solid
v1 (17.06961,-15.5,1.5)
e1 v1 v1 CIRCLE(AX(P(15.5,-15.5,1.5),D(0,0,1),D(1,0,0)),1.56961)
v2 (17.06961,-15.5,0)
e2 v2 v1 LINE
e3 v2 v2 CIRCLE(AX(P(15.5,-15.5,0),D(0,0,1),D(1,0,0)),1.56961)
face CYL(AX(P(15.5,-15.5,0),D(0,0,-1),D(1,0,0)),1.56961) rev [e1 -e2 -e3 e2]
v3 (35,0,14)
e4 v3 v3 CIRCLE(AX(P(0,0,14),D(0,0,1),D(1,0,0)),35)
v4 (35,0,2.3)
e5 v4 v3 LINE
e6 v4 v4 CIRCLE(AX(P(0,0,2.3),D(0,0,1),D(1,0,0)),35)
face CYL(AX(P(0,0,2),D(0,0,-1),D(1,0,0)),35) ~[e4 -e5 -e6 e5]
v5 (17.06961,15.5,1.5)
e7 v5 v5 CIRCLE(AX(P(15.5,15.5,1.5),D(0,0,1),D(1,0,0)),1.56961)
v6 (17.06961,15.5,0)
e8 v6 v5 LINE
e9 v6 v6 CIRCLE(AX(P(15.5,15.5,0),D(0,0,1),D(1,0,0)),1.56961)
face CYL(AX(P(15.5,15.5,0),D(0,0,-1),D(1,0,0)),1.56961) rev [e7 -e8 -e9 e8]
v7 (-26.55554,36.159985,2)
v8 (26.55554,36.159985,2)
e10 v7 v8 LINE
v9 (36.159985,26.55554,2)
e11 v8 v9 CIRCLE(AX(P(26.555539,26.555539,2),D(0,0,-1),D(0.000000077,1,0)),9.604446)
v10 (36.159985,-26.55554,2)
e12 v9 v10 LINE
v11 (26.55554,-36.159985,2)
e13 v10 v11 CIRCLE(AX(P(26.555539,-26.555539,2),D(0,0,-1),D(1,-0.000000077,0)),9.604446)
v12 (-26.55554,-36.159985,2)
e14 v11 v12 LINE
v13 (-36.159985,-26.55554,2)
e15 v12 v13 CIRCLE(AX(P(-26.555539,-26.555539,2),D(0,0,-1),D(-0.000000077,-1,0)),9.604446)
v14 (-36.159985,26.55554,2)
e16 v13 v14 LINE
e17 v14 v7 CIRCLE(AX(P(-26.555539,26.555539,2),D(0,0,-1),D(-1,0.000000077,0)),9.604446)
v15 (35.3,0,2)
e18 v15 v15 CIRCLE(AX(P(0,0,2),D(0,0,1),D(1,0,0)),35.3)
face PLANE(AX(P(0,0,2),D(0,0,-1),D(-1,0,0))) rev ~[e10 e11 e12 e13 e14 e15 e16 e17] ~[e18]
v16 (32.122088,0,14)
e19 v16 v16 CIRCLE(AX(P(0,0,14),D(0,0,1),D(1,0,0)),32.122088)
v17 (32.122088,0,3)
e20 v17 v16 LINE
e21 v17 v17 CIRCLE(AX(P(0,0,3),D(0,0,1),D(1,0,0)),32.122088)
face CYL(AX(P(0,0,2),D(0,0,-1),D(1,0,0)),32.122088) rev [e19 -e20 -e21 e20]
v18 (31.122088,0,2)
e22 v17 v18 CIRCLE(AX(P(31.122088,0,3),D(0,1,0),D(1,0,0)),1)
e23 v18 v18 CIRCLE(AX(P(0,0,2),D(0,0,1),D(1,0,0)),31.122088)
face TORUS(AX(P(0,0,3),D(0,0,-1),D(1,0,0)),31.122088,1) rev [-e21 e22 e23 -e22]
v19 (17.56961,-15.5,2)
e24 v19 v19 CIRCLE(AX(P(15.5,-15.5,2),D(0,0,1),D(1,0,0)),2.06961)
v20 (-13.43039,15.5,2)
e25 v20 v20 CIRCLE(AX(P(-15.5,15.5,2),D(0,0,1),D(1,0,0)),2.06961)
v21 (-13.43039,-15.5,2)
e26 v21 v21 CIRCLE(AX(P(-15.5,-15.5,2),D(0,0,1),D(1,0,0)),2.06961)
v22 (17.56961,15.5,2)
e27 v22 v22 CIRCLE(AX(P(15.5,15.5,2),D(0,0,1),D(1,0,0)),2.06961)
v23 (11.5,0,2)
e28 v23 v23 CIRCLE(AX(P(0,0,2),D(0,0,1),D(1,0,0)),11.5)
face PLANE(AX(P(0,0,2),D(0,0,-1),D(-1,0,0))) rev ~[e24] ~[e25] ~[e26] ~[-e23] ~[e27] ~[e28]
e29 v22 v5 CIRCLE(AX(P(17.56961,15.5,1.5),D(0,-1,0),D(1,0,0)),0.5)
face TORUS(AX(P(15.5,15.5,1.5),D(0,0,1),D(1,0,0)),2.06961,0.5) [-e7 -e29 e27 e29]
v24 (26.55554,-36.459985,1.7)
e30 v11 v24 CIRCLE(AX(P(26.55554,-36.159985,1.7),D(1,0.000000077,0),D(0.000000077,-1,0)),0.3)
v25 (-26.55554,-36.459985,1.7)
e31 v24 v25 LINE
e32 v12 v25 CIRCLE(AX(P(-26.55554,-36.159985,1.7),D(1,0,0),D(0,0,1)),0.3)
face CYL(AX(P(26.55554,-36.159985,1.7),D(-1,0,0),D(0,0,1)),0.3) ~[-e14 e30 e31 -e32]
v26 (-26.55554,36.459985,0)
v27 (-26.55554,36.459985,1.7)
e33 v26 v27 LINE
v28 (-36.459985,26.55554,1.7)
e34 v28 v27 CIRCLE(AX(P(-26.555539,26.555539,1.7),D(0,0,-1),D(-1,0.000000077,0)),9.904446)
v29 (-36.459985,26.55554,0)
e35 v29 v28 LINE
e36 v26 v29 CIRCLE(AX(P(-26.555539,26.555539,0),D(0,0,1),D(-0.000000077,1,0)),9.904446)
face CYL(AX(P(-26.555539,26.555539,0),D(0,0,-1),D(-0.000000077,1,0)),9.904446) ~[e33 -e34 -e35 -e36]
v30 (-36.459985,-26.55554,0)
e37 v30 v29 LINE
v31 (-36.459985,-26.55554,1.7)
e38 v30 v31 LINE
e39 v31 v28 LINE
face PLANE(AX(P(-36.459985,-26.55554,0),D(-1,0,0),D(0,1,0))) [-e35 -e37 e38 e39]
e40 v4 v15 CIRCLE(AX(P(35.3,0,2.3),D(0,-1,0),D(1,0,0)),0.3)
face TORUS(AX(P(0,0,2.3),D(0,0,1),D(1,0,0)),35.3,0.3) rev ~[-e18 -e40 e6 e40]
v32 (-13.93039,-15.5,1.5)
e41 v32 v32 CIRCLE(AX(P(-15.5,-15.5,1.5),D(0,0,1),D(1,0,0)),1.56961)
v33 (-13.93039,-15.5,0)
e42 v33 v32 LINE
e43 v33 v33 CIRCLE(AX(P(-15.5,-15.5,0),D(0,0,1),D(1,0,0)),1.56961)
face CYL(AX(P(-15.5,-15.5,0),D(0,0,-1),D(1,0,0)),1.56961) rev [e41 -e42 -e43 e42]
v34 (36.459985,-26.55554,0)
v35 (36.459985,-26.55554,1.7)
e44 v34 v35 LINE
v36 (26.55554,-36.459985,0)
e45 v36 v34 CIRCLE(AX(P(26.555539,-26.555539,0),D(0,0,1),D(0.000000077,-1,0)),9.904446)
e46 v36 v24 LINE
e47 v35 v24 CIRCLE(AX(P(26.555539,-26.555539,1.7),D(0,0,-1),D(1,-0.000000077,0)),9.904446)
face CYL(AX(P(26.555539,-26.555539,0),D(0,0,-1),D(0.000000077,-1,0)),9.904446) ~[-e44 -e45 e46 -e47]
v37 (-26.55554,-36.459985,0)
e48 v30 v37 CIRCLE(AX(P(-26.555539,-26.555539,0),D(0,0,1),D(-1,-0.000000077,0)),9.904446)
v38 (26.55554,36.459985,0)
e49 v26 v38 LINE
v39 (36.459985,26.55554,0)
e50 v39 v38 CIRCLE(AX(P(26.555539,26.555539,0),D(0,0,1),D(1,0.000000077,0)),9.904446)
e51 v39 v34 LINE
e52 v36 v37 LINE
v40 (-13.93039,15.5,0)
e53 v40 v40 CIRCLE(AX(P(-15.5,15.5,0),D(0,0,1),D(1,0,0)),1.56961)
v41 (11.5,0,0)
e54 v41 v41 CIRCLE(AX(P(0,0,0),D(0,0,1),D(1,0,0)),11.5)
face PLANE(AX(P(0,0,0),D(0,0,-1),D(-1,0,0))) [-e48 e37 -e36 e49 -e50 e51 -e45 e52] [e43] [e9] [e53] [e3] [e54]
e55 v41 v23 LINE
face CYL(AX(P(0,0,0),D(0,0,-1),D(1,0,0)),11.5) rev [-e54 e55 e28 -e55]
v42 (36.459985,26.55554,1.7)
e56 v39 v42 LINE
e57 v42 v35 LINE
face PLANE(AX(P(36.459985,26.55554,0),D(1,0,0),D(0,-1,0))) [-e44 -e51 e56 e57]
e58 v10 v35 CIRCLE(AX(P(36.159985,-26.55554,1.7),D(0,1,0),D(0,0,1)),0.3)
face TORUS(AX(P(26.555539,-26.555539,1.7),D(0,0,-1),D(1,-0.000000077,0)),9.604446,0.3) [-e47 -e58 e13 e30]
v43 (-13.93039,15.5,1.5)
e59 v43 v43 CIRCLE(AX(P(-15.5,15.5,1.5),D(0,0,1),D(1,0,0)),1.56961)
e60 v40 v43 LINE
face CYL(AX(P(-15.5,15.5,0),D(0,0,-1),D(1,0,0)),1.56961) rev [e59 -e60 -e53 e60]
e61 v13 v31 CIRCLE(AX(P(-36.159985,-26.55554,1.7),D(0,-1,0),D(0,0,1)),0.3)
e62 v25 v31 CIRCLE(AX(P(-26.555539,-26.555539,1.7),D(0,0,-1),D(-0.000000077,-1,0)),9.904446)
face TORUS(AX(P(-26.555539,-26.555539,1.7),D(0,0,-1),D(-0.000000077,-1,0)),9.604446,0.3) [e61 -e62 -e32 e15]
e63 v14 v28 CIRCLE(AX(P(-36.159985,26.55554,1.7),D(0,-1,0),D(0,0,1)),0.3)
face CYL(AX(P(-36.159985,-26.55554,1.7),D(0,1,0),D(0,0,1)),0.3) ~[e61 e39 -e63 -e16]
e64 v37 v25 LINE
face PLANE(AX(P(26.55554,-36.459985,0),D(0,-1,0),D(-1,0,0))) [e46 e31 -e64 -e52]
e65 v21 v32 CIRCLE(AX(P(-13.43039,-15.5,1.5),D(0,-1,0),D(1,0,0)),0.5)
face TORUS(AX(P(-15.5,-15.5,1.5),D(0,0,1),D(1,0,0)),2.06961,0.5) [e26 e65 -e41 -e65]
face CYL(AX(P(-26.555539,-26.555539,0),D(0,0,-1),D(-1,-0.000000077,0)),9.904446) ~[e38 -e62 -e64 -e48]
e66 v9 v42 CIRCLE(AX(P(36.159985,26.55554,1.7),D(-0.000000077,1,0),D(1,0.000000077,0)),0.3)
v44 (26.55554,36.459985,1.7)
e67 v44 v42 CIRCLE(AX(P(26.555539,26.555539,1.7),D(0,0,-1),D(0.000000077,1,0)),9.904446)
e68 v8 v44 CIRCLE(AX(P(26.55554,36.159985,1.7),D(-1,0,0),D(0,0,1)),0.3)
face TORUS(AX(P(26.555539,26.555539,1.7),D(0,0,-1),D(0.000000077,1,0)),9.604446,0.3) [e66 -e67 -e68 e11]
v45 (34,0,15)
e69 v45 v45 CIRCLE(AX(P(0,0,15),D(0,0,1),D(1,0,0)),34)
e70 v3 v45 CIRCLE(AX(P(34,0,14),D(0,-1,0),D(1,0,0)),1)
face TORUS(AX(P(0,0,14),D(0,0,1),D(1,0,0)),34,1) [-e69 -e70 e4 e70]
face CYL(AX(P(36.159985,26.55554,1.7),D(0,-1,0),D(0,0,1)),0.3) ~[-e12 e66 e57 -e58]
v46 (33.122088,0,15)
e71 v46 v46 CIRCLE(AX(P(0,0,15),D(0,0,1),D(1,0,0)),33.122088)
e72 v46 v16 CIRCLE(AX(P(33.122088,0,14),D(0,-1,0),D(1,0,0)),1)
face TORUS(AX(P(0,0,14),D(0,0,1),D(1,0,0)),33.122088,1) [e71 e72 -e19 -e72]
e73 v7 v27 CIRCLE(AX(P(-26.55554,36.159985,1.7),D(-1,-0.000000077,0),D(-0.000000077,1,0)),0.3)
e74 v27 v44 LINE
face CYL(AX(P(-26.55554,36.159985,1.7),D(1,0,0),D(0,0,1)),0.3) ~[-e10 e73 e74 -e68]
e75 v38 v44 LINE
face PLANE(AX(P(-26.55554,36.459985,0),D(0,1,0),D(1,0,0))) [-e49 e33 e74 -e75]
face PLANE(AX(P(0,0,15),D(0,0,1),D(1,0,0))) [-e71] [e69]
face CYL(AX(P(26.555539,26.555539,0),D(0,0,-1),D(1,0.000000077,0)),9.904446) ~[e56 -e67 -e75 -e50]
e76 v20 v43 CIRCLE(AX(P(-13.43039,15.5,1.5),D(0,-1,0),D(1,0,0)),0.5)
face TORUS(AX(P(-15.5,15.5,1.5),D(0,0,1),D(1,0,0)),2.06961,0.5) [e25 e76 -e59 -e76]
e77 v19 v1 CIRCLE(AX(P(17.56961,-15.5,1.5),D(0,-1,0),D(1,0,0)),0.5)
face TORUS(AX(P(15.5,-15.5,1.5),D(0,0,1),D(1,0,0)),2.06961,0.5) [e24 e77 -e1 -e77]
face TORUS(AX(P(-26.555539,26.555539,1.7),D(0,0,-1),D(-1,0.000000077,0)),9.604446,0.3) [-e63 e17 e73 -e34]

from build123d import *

# Parameters (mm, degrees)
SKETCH_R      = 1.56961
SKETCH_R_2    = 11.5
PAD_DEPTH     = 2
SKETCH001_R   = 35
SKETCH001_R_2 = 32.122088
PAD001_DEPTH  = 13
FILLET_R      = 1
FILLET001_R   = 0.3
FILLET002_R   = 1
FILLET003_R   = 0.5


with BuildPart() as part:
    # Sketch → Pad (new body)
    with BuildSketch(Plane.XY):
        with BuildLine():
            Line((-26.55554, 36.459985), (26.55554, 36.459985))
            ThreePointArc((36.459985, 26.55554), (33.55904, 33.55904), (26.55554, 36.459985))
            Line((36.459985, 26.55554), (36.459985, -26.55554))
            ThreePointArc((26.55554, -36.459985), (33.55904, -33.55904), (36.459985, -26.55554))
            Line((26.55554, -36.459985), (-26.55554, -36.459985))
            ThreePointArc((-36.459985, -26.55554), (-33.55904, -33.55904), (-26.55554, -36.459985))
            Line((-36.459985, -26.55554), (-36.459985, 26.55554))
            ThreePointArc((-26.55554, 36.459985), (-33.55904, 33.55904), (-36.459985, 26.55554))
        make_face()
        with Locations((15.5, 15.5)):
            Circle(SKETCH_R, mode=Mode.SUBTRACT)
        with Locations((-15.5, 15.5)):
            Circle(SKETCH_R, mode=Mode.SUBTRACT)
        with Locations((15.5, -15.5)):
            Circle(SKETCH_R, mode=Mode.SUBTRACT)
        with Locations((-15.5, -15.5)):
            Circle(SKETCH_R, mode=Mode.SUBTRACT)
        Circle(SKETCH_R_2, mode=Mode.SUBTRACT)
    extrude(amount=PAD_DEPTH)

    # Sketch001 → Pad001 (new body)
    with BuildSketch(Plane.XY.offset(2)):
        Circle(SKETCH001_R)
        Circle(SKETCH001_R_2, mode=Mode.SUBTRACT)
    extrude(amount=PAD001_DEPTH)

    # Fillet
    fillet_edges = [part.edges().sort_by_distance(p)[0] for p in [
        (-35, 0, 15),
        (-32.122088, 0, 15),
    ]]
    fillet(fillet_edges, radius=FILLET_R)

    # Fillet001
    fillet001_edges = [part.edges().sort_by_distance(p)[0] for p in [
        (-36.459985, 0, 2),
        (-33.55904, -33.55904, 2),
        (-33.55904, 33.55904, 2),
        (0, -36.459985, 2),
        (0, 36.459985, 2),
        (33.55904, -33.55904, 2),
        (33.55904, 33.55904, 2),
        (36.459985, 0, 2),
        (-35, 0, 2),
    ]]
    fillet(fillet001_edges, radius=FILLET001_R)

    # Fillet002
    fillet002_edges = [part.edges().sort_by_distance(p)[0] for p in [
        (-32.122088, 0, 2),
    ]]
    fillet(fillet002_edges, radius=FILLET002_R)

    # Fillet003
    fillet003_edges = [part.edges().sort_by_distance(p)[0] for p in [
        (13.93039, 15.5, 2),
        (13.93039, -15.5, 2),
        (-17.06961, -15.5, 2),
        (-17.06961, 15.5, 2),
    ]]
    fillet(fillet003_edges, radius=FILLET003_R)


solid = part.part
